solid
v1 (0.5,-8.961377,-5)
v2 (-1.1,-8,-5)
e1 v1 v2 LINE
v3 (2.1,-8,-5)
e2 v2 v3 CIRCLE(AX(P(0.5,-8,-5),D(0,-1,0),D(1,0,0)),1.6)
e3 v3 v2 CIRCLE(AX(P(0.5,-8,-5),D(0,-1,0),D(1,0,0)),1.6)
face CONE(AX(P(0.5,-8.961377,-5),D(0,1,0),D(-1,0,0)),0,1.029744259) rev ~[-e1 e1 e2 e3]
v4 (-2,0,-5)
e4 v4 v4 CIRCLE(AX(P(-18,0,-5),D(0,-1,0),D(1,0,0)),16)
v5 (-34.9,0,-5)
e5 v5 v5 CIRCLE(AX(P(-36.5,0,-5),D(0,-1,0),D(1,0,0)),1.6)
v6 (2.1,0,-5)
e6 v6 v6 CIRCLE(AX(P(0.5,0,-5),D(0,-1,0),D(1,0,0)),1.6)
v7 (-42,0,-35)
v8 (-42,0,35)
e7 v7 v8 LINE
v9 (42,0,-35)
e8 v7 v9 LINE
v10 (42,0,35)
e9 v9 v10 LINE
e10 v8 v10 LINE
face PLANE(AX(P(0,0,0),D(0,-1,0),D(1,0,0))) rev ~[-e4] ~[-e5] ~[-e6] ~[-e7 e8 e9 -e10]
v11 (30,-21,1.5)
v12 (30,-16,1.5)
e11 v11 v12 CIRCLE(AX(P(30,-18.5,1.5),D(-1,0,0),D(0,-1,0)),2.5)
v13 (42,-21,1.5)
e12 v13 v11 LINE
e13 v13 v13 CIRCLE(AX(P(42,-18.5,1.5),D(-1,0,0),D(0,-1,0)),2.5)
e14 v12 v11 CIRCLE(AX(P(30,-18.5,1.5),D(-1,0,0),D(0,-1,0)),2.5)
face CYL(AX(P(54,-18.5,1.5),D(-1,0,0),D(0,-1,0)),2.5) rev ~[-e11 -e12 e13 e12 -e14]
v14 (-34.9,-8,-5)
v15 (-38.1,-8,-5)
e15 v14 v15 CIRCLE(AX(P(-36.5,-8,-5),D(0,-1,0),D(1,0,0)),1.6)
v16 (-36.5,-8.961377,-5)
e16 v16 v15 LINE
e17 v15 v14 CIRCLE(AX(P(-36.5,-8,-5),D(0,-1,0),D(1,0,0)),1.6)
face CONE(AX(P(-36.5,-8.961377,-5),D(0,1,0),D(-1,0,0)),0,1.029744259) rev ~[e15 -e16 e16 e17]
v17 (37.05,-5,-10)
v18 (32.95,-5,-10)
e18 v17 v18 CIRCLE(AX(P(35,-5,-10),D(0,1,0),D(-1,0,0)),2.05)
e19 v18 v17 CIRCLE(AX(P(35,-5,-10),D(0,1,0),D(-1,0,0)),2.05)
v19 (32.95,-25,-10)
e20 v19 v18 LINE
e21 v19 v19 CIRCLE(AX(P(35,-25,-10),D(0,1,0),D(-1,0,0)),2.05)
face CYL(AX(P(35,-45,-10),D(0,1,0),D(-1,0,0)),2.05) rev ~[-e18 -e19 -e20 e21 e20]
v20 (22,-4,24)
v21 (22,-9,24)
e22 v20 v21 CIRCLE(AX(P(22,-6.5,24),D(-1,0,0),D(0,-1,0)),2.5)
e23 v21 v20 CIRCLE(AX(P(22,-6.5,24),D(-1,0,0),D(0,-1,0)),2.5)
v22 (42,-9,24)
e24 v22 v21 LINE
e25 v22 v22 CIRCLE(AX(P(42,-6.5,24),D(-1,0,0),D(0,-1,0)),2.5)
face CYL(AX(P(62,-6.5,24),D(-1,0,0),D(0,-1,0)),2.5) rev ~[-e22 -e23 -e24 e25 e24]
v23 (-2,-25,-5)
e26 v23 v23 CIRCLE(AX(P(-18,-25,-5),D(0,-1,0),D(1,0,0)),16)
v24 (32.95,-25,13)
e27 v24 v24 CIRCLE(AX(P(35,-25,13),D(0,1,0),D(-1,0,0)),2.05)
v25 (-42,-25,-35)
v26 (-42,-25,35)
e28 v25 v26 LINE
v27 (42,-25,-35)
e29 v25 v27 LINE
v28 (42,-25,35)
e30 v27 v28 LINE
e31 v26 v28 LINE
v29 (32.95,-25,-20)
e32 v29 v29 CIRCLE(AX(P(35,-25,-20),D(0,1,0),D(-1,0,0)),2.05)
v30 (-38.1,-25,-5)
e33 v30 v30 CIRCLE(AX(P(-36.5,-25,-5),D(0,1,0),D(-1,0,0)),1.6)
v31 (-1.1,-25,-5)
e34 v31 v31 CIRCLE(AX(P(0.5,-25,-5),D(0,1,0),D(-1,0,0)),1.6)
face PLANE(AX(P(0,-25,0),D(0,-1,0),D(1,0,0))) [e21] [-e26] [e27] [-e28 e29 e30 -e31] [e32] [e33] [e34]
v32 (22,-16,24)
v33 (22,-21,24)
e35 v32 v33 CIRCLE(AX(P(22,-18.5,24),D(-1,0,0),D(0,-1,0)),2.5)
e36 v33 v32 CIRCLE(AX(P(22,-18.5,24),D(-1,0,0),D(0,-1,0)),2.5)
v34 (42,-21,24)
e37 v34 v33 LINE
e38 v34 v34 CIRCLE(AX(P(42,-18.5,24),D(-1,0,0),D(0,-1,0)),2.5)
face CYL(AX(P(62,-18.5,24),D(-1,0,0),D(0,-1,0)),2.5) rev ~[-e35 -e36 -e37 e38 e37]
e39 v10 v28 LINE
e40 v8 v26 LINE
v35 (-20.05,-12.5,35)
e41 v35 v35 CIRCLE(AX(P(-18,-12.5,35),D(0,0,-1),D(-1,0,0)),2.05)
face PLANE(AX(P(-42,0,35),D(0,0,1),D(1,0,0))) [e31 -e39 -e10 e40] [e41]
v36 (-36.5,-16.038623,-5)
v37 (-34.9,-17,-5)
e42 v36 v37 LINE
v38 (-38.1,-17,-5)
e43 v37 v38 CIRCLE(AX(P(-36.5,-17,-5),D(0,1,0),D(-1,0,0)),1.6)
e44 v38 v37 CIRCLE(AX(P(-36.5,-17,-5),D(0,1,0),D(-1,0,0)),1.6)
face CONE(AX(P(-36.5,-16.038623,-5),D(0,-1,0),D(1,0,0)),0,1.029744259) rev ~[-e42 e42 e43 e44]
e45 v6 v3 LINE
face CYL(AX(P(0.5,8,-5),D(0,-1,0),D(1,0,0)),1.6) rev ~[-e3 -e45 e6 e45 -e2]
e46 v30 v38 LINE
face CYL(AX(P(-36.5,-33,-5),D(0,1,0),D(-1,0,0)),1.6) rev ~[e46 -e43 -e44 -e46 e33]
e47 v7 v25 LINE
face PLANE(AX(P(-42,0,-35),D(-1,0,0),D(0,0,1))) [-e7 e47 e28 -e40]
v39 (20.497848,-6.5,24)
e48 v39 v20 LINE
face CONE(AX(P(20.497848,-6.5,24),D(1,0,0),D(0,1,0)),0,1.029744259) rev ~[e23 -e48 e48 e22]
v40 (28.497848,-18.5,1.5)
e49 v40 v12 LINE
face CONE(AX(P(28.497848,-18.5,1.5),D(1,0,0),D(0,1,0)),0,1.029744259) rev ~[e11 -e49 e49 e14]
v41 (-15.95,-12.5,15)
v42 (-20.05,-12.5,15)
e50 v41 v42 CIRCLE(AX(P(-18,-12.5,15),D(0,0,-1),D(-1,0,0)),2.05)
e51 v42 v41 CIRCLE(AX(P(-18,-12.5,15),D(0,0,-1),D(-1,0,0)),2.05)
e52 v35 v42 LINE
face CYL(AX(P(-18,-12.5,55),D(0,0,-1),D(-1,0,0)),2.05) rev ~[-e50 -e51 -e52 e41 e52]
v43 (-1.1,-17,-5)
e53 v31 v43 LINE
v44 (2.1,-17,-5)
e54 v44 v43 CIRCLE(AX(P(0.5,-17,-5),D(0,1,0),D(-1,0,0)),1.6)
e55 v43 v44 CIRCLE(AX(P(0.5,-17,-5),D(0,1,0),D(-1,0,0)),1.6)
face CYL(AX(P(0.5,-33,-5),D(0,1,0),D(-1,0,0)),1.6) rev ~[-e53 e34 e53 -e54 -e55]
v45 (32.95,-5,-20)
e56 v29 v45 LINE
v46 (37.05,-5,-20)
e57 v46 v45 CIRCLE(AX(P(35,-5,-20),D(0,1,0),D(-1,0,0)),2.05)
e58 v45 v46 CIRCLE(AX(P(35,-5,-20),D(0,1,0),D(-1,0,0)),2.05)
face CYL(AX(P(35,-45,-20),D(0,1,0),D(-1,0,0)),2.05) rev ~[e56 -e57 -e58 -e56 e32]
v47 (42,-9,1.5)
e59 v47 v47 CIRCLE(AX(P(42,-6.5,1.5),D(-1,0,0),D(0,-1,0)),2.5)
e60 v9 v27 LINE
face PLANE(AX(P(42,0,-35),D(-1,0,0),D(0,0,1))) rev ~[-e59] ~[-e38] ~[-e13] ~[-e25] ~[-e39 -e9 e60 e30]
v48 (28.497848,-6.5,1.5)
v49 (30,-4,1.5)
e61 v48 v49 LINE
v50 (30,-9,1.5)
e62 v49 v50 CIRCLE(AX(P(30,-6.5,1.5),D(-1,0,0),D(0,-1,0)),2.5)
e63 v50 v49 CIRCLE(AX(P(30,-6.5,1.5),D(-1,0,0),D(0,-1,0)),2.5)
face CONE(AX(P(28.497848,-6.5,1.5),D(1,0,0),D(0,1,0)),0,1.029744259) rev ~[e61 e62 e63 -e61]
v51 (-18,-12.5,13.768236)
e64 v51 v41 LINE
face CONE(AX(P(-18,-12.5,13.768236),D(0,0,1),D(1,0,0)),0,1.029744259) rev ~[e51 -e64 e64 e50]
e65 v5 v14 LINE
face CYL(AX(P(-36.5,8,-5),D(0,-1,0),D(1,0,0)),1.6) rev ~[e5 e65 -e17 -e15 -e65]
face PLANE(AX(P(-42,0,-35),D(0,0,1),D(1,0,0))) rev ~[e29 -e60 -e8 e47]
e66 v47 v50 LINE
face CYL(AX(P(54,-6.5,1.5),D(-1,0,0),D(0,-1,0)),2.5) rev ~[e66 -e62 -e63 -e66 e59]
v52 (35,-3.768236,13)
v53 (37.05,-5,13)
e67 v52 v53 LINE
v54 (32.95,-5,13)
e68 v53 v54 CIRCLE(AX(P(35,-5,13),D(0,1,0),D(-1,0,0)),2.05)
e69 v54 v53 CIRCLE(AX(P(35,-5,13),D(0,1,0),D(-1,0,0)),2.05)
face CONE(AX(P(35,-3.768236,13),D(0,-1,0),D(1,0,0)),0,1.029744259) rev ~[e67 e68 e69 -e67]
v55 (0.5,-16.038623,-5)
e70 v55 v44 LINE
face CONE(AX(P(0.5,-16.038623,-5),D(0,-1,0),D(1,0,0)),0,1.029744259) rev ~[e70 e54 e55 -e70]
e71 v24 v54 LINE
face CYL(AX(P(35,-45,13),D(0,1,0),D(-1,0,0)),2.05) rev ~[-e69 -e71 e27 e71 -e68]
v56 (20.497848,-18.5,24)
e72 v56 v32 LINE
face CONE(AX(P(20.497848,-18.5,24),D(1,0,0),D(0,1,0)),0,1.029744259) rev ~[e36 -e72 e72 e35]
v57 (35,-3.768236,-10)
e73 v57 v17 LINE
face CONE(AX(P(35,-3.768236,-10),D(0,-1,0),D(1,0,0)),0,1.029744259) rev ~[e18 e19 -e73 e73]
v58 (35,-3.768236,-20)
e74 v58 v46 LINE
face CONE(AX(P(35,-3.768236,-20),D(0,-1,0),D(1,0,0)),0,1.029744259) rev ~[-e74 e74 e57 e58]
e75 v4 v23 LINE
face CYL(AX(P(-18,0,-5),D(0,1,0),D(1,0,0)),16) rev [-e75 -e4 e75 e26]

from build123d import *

# Parameters (mm, degrees)
F0_W      = 84
F0_H      = 70
F0_R      = 16
F1_DEPTH  = 25
F3_D      = 3.2
F3_DEPTH  = 8
F3_TIP    = 0.9613769904
F5_D      = 4.1
F5_DEPTH  = 20
F5_TIP    = 1.231764269
F7_D      = 4.1
F7_DEPTH  = 20
F7_TIP    = 1.231764269
F9_D      = 5
F9_DEPTH  = 20
F9_TIP    = 1.5021515476
F11_D     = 5
F11_DEPTH = 12
F11_TIP   = 1.5021515476
F13_D     = 3.2
F13_DEPTH = 8
F13_TIP   = 0.9613769904


with BuildPart() as f1:
    # F0 (on Front) → F1 (new body)
    with BuildSketch(Plane.XZ):
        Rectangle(F0_W, F0_H)
        with Locations((-18, -5)):
            Circle(F0_R, mode=Mode.SUBTRACT)
    extrude(amount=F1_DEPTH)

    # F3
    with Locations(Plane.XZ.offset(25)):
        with Locations((-36.5, -5), (0.5, -5)):
            Hole(F3_D / 2, depth=F3_DEPTH)
            with Locations((0, 0, -(F3_DEPTH + F3_TIP / 2))):  # 118° drill point
                Cone(0, F3_D / 2, F3_TIP, mode=Mode.SUBTRACT)

    # F5
    with Locations(Plane.XZ.offset(25)):
        with Locations((35, 13), (35, -10), (35, -20)):
            Hole(F5_D / 2, depth=F5_DEPTH)
            with Locations((0, 0, -(F5_DEPTH + F5_TIP / 2))):  # 118° drill point
                Cone(0, F5_D / 2, F5_TIP, mode=Mode.SUBTRACT)

    # F7
    with Locations(Plane.XY.offset(35)):
        with Locations((-18, -12.5)):
            Hole(F7_D / 2, depth=F7_DEPTH)
            with Locations((0, 0, -(F7_DEPTH + F7_TIP / 2))):  # 118° drill point
                Cone(0, F7_D / 2, F7_TIP, mode=Mode.SUBTRACT)

    # F9
    with Locations(Plane.YZ.offset(42)):
        with Locations((-18.5, 24), (-6.5, 24)):
            Hole(F9_D / 2, depth=F9_DEPTH)
            with Locations((0, 0, -(F9_DEPTH + F9_TIP / 2))):  # 118° drill point
                Cone(0, F9_D / 2, F9_TIP, mode=Mode.SUBTRACT)

    # F11
    with Locations(Plane.YZ.offset(42)):
        with Locations((-18.5, 1.5), (-6.5, 1.5)):
            Hole(F11_D / 2, depth=F11_DEPTH)
            with Locations((0, 0, -(F11_DEPTH + F11_TIP / 2))):  # 118° drill point
                Cone(0, F11_D / 2, F11_TIP, mode=Mode.SUBTRACT)

    # F13
    with Locations(Plane(origin=(0, 0, 0), x_dir=(-1, 0, 0), z_dir=(0, 1, 0))):
        with Locations((-0.5, -5), (36.5, -5)):
            Hole(F13_D / 2, depth=F13_DEPTH)
            with Locations((0, 0, -(F13_DEPTH + F13_TIP / 2))):  # 118° drill point
                Cone(0, F13_D / 2, F13_TIP, mode=Mode.SUBTRACT)


solid = f1.part
